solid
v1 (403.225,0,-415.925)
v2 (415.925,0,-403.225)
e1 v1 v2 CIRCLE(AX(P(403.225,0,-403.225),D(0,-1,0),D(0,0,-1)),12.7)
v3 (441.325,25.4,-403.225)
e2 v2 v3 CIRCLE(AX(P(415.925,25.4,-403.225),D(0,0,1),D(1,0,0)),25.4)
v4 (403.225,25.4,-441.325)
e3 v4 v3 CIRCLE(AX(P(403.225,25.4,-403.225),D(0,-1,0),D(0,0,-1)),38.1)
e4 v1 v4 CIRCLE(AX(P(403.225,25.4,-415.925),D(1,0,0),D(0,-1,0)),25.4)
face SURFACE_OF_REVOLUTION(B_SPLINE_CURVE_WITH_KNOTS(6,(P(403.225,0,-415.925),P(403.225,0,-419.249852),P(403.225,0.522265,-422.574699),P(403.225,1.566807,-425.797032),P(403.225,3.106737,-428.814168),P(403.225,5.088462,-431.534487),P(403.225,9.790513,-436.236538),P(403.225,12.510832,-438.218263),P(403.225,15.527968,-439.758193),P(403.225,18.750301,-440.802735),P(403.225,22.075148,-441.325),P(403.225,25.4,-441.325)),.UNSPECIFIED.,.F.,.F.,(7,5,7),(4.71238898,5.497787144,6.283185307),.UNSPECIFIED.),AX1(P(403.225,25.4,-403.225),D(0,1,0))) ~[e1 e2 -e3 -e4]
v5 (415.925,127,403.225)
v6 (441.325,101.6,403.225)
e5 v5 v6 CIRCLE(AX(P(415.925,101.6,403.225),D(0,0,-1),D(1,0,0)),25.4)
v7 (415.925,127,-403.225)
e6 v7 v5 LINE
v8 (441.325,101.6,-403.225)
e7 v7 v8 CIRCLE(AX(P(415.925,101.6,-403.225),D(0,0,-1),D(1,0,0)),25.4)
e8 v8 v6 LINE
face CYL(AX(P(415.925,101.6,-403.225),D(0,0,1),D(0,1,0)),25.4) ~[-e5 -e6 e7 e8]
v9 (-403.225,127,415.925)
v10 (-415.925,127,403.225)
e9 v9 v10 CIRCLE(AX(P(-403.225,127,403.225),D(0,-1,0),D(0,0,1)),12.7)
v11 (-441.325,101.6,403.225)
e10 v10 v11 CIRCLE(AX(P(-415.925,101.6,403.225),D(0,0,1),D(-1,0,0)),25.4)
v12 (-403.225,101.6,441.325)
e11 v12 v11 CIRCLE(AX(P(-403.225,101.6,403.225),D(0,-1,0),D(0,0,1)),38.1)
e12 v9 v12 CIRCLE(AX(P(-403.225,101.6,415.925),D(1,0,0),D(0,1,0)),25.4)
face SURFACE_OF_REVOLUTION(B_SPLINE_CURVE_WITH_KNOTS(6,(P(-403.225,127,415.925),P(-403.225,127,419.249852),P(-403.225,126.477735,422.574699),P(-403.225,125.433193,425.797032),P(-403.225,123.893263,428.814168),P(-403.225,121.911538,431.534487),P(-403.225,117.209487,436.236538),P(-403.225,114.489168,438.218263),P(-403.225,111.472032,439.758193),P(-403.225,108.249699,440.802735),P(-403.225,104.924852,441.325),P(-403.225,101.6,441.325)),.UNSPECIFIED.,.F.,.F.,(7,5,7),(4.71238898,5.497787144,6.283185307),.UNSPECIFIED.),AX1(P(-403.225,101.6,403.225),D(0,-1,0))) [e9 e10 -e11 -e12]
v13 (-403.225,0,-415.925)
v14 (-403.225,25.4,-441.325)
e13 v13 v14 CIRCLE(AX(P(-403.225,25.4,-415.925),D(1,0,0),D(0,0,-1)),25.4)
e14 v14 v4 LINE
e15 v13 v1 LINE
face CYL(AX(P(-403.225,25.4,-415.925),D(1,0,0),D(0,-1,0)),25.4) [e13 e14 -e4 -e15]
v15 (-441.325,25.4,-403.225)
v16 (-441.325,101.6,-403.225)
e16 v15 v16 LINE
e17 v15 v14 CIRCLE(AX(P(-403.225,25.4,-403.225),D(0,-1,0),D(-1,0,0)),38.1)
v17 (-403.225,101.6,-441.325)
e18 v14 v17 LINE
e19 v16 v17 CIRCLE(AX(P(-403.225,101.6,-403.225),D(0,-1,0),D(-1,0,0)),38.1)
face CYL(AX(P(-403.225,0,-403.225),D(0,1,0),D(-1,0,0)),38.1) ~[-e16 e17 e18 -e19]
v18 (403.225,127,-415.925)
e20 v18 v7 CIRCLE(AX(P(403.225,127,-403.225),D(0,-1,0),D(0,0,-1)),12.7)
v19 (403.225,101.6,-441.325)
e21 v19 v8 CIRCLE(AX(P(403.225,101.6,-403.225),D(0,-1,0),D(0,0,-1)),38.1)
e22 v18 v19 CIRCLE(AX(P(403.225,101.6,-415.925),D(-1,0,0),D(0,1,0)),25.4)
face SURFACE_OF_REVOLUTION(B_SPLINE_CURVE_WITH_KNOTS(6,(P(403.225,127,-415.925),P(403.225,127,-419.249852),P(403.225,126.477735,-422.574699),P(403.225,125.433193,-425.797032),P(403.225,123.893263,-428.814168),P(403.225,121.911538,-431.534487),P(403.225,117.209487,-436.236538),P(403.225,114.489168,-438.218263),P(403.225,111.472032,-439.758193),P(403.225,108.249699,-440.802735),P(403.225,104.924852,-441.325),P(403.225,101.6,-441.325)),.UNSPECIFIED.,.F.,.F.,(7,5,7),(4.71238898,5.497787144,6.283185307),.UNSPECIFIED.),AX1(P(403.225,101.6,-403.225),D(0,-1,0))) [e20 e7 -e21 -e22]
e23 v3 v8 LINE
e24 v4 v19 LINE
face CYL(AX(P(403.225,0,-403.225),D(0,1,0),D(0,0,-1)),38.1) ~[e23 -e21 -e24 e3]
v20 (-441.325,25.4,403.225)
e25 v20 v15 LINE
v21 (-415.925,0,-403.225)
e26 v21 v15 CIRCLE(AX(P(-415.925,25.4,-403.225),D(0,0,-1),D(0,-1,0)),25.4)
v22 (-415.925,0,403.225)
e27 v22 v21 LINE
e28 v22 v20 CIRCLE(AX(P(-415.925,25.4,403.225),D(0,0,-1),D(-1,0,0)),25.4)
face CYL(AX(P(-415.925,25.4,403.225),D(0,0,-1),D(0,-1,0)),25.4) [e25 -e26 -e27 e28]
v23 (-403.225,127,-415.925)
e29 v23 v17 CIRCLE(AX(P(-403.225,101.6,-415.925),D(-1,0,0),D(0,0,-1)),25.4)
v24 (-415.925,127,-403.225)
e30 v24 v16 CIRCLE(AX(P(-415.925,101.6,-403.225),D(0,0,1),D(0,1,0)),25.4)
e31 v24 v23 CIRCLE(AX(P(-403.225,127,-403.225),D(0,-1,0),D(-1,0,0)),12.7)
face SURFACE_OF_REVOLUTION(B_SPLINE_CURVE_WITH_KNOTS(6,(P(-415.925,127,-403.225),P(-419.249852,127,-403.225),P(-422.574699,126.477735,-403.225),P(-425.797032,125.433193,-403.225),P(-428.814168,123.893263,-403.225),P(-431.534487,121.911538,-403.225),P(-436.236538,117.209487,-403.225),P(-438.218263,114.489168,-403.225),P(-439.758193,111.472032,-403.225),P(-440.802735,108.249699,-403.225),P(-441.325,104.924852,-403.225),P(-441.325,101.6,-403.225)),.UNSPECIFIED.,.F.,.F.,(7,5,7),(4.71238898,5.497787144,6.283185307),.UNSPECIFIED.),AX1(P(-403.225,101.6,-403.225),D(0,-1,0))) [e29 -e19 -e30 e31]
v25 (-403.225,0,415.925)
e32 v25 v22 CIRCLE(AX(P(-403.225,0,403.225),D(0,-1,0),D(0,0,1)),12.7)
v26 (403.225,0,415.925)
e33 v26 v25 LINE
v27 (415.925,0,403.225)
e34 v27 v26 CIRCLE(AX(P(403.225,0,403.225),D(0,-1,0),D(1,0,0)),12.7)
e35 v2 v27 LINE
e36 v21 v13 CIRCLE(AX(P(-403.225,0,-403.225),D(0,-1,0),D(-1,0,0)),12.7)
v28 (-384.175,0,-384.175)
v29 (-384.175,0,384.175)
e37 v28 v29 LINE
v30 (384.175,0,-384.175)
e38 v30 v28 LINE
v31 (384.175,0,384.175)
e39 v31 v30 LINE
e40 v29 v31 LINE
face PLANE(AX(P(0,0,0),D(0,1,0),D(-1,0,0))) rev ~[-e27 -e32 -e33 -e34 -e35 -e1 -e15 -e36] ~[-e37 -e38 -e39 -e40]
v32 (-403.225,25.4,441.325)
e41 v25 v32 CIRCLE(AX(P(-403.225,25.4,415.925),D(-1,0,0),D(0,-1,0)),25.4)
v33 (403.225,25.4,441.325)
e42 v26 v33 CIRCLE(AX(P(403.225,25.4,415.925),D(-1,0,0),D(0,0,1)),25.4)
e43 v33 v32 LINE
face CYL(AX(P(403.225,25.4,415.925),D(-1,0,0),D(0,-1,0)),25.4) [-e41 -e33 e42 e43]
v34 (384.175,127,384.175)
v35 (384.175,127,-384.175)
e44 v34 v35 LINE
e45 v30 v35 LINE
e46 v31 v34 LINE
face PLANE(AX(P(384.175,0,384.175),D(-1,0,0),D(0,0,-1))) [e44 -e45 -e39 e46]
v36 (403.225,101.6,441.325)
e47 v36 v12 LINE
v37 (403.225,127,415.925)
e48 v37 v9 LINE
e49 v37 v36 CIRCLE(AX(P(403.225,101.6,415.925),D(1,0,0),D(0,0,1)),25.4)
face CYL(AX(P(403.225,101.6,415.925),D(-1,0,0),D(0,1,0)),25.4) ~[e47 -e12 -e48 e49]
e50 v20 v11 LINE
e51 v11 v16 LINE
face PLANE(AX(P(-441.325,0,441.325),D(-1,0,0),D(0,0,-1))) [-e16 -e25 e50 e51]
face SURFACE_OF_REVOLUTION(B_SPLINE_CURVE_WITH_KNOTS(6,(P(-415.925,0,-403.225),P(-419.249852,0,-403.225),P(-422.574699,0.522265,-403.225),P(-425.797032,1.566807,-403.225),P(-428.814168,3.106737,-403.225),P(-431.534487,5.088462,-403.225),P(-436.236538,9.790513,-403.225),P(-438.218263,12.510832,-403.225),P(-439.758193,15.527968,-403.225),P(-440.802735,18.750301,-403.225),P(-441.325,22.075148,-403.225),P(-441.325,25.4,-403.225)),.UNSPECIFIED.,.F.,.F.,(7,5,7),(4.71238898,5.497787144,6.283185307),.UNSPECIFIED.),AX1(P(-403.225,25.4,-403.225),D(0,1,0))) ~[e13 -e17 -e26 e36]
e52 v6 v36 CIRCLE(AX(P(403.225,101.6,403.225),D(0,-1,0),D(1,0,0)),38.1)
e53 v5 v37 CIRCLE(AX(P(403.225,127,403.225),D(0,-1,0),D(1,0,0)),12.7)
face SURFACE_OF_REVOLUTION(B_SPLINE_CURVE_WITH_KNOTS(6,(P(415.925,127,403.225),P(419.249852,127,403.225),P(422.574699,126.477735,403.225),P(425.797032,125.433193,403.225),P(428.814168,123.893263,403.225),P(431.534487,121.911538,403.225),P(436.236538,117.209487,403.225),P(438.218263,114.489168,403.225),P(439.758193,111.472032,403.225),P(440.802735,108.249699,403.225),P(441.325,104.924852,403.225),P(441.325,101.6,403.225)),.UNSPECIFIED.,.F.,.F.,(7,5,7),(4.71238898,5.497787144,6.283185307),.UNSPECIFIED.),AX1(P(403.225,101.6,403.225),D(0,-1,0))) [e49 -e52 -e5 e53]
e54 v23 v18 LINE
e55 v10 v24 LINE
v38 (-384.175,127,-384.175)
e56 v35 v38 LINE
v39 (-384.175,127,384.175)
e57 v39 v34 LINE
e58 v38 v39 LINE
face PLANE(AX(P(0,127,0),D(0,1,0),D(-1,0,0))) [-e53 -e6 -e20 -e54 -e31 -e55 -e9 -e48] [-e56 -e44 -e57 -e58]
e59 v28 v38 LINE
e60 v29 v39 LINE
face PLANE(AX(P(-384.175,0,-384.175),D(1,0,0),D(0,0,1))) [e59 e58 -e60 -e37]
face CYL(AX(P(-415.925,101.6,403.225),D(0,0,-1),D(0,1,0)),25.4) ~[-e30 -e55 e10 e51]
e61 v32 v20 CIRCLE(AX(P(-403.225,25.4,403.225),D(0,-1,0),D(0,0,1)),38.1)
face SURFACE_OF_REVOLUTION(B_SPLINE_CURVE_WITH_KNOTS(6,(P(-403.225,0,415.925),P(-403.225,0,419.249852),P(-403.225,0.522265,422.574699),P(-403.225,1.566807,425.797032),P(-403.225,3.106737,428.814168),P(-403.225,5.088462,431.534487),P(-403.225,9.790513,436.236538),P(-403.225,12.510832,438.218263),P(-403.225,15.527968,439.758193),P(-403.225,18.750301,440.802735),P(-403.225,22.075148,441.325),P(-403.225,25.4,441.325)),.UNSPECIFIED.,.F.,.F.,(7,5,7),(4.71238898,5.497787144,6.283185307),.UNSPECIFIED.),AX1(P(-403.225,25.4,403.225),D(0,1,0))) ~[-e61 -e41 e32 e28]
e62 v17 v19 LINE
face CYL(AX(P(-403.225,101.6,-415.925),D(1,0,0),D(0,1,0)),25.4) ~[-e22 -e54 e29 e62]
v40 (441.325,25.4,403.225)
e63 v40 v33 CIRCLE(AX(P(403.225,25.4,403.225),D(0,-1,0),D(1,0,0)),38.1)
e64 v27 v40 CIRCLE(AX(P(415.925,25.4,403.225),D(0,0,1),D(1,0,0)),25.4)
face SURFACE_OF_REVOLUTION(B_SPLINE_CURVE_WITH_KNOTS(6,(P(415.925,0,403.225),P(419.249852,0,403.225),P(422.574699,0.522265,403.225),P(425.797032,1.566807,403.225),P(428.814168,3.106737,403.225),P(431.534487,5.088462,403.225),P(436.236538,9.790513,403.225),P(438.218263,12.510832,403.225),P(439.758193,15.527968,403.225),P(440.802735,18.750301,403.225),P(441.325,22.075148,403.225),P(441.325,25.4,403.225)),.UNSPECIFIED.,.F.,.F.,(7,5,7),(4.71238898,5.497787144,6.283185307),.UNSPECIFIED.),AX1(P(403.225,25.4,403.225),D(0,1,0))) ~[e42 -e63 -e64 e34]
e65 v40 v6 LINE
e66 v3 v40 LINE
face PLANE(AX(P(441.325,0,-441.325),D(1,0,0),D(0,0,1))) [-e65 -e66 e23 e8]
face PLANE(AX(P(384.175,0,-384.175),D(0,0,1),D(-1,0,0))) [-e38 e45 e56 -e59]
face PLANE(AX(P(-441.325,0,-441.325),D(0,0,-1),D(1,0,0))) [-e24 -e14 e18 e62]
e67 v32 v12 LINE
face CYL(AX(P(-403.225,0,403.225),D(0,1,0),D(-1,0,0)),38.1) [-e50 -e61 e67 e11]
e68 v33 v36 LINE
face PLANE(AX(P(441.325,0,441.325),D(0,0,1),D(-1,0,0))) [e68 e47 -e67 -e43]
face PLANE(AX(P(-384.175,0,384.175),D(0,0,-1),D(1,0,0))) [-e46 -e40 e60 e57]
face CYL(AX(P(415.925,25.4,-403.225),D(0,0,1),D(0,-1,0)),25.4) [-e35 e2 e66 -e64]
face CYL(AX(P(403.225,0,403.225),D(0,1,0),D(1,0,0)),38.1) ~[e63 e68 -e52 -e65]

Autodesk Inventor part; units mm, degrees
ref_plane "YZ Plane" through (0, 0, 0) normal (1, 0, 0) x (0, 1, 0)
ref_plane "XZ Plane" through (0, 0, 0) normal (0, 1, 0) x (-1, 0, 0)
ref_plane "XY Plane" through (0, 0, 0) normal (0, 0, 1) x (1, 0, 0)
sketch "Sketch1" plane through (0, 0, 0) normal (0, 1, 0) x (-1, 0, 0)
  line L0 (-384.175, -384.175) -> (384.175, -384.175)
  line L1 (384.175, -384.175) -> (384.175, 384.175)
  line L2 (384.175, 384.175) -> (-384.175, 384.175)
  line L3 (-384.175, 384.175) -> (-384.175, -384.175)
  line L4 (-384.175, -384.175) -> (384.175, 384.175) construction
  line L5 (384.175, -384.175) -> (-384.175, 384.175) construction
  line L6 (441.325, 441.325) -> (441.325, -441.325)
  line L7 (441.325, -441.325) -> (-441.325, -441.325)
  line L8 (-441.325, -441.325) -> (-441.325, 441.325)
  line L9 (-441.325, 441.325) -> (441.325, 441.325)
  point P0 (0, 0)
  dimension "d0" = 768.35
  dimension "d1" = 768.35
  dimension "d2" = 57.15
extrude "Extrusion1" add sketch "Sketch1" along normal blind 127
fillet "Fillet1" radius 38.1 4 edges at (-441.325, 63.5, 441.325) (441.325, 63.5, 441.325) (441.325, 63.5, -441.325) (-441.325, 63.5, -441.325)
fillet "Fillet2" radius 25.4 16 edges at (430.1658, 127, 430.1658) (441.325, 127, 0) (430.1658, 127, -430.1658) (0, 127, -441.325) (-430.1658, 127, -430.1658) (-441.325, 127, 0) (-430.1658, 127, 430.1658) (0, 127, 441.325) (430.1658, 0, 430.1658) (441.325, 0, 0) (430.1658, 0, -430.1658) (0, 0, -441.325) (-430.1658, 0, -430.1658) (-441.325, 0, 0) (-430.1658, 0, 430.1658) (0, 0, 441.325)
properties part number "BP-0036" material "Fabric"
